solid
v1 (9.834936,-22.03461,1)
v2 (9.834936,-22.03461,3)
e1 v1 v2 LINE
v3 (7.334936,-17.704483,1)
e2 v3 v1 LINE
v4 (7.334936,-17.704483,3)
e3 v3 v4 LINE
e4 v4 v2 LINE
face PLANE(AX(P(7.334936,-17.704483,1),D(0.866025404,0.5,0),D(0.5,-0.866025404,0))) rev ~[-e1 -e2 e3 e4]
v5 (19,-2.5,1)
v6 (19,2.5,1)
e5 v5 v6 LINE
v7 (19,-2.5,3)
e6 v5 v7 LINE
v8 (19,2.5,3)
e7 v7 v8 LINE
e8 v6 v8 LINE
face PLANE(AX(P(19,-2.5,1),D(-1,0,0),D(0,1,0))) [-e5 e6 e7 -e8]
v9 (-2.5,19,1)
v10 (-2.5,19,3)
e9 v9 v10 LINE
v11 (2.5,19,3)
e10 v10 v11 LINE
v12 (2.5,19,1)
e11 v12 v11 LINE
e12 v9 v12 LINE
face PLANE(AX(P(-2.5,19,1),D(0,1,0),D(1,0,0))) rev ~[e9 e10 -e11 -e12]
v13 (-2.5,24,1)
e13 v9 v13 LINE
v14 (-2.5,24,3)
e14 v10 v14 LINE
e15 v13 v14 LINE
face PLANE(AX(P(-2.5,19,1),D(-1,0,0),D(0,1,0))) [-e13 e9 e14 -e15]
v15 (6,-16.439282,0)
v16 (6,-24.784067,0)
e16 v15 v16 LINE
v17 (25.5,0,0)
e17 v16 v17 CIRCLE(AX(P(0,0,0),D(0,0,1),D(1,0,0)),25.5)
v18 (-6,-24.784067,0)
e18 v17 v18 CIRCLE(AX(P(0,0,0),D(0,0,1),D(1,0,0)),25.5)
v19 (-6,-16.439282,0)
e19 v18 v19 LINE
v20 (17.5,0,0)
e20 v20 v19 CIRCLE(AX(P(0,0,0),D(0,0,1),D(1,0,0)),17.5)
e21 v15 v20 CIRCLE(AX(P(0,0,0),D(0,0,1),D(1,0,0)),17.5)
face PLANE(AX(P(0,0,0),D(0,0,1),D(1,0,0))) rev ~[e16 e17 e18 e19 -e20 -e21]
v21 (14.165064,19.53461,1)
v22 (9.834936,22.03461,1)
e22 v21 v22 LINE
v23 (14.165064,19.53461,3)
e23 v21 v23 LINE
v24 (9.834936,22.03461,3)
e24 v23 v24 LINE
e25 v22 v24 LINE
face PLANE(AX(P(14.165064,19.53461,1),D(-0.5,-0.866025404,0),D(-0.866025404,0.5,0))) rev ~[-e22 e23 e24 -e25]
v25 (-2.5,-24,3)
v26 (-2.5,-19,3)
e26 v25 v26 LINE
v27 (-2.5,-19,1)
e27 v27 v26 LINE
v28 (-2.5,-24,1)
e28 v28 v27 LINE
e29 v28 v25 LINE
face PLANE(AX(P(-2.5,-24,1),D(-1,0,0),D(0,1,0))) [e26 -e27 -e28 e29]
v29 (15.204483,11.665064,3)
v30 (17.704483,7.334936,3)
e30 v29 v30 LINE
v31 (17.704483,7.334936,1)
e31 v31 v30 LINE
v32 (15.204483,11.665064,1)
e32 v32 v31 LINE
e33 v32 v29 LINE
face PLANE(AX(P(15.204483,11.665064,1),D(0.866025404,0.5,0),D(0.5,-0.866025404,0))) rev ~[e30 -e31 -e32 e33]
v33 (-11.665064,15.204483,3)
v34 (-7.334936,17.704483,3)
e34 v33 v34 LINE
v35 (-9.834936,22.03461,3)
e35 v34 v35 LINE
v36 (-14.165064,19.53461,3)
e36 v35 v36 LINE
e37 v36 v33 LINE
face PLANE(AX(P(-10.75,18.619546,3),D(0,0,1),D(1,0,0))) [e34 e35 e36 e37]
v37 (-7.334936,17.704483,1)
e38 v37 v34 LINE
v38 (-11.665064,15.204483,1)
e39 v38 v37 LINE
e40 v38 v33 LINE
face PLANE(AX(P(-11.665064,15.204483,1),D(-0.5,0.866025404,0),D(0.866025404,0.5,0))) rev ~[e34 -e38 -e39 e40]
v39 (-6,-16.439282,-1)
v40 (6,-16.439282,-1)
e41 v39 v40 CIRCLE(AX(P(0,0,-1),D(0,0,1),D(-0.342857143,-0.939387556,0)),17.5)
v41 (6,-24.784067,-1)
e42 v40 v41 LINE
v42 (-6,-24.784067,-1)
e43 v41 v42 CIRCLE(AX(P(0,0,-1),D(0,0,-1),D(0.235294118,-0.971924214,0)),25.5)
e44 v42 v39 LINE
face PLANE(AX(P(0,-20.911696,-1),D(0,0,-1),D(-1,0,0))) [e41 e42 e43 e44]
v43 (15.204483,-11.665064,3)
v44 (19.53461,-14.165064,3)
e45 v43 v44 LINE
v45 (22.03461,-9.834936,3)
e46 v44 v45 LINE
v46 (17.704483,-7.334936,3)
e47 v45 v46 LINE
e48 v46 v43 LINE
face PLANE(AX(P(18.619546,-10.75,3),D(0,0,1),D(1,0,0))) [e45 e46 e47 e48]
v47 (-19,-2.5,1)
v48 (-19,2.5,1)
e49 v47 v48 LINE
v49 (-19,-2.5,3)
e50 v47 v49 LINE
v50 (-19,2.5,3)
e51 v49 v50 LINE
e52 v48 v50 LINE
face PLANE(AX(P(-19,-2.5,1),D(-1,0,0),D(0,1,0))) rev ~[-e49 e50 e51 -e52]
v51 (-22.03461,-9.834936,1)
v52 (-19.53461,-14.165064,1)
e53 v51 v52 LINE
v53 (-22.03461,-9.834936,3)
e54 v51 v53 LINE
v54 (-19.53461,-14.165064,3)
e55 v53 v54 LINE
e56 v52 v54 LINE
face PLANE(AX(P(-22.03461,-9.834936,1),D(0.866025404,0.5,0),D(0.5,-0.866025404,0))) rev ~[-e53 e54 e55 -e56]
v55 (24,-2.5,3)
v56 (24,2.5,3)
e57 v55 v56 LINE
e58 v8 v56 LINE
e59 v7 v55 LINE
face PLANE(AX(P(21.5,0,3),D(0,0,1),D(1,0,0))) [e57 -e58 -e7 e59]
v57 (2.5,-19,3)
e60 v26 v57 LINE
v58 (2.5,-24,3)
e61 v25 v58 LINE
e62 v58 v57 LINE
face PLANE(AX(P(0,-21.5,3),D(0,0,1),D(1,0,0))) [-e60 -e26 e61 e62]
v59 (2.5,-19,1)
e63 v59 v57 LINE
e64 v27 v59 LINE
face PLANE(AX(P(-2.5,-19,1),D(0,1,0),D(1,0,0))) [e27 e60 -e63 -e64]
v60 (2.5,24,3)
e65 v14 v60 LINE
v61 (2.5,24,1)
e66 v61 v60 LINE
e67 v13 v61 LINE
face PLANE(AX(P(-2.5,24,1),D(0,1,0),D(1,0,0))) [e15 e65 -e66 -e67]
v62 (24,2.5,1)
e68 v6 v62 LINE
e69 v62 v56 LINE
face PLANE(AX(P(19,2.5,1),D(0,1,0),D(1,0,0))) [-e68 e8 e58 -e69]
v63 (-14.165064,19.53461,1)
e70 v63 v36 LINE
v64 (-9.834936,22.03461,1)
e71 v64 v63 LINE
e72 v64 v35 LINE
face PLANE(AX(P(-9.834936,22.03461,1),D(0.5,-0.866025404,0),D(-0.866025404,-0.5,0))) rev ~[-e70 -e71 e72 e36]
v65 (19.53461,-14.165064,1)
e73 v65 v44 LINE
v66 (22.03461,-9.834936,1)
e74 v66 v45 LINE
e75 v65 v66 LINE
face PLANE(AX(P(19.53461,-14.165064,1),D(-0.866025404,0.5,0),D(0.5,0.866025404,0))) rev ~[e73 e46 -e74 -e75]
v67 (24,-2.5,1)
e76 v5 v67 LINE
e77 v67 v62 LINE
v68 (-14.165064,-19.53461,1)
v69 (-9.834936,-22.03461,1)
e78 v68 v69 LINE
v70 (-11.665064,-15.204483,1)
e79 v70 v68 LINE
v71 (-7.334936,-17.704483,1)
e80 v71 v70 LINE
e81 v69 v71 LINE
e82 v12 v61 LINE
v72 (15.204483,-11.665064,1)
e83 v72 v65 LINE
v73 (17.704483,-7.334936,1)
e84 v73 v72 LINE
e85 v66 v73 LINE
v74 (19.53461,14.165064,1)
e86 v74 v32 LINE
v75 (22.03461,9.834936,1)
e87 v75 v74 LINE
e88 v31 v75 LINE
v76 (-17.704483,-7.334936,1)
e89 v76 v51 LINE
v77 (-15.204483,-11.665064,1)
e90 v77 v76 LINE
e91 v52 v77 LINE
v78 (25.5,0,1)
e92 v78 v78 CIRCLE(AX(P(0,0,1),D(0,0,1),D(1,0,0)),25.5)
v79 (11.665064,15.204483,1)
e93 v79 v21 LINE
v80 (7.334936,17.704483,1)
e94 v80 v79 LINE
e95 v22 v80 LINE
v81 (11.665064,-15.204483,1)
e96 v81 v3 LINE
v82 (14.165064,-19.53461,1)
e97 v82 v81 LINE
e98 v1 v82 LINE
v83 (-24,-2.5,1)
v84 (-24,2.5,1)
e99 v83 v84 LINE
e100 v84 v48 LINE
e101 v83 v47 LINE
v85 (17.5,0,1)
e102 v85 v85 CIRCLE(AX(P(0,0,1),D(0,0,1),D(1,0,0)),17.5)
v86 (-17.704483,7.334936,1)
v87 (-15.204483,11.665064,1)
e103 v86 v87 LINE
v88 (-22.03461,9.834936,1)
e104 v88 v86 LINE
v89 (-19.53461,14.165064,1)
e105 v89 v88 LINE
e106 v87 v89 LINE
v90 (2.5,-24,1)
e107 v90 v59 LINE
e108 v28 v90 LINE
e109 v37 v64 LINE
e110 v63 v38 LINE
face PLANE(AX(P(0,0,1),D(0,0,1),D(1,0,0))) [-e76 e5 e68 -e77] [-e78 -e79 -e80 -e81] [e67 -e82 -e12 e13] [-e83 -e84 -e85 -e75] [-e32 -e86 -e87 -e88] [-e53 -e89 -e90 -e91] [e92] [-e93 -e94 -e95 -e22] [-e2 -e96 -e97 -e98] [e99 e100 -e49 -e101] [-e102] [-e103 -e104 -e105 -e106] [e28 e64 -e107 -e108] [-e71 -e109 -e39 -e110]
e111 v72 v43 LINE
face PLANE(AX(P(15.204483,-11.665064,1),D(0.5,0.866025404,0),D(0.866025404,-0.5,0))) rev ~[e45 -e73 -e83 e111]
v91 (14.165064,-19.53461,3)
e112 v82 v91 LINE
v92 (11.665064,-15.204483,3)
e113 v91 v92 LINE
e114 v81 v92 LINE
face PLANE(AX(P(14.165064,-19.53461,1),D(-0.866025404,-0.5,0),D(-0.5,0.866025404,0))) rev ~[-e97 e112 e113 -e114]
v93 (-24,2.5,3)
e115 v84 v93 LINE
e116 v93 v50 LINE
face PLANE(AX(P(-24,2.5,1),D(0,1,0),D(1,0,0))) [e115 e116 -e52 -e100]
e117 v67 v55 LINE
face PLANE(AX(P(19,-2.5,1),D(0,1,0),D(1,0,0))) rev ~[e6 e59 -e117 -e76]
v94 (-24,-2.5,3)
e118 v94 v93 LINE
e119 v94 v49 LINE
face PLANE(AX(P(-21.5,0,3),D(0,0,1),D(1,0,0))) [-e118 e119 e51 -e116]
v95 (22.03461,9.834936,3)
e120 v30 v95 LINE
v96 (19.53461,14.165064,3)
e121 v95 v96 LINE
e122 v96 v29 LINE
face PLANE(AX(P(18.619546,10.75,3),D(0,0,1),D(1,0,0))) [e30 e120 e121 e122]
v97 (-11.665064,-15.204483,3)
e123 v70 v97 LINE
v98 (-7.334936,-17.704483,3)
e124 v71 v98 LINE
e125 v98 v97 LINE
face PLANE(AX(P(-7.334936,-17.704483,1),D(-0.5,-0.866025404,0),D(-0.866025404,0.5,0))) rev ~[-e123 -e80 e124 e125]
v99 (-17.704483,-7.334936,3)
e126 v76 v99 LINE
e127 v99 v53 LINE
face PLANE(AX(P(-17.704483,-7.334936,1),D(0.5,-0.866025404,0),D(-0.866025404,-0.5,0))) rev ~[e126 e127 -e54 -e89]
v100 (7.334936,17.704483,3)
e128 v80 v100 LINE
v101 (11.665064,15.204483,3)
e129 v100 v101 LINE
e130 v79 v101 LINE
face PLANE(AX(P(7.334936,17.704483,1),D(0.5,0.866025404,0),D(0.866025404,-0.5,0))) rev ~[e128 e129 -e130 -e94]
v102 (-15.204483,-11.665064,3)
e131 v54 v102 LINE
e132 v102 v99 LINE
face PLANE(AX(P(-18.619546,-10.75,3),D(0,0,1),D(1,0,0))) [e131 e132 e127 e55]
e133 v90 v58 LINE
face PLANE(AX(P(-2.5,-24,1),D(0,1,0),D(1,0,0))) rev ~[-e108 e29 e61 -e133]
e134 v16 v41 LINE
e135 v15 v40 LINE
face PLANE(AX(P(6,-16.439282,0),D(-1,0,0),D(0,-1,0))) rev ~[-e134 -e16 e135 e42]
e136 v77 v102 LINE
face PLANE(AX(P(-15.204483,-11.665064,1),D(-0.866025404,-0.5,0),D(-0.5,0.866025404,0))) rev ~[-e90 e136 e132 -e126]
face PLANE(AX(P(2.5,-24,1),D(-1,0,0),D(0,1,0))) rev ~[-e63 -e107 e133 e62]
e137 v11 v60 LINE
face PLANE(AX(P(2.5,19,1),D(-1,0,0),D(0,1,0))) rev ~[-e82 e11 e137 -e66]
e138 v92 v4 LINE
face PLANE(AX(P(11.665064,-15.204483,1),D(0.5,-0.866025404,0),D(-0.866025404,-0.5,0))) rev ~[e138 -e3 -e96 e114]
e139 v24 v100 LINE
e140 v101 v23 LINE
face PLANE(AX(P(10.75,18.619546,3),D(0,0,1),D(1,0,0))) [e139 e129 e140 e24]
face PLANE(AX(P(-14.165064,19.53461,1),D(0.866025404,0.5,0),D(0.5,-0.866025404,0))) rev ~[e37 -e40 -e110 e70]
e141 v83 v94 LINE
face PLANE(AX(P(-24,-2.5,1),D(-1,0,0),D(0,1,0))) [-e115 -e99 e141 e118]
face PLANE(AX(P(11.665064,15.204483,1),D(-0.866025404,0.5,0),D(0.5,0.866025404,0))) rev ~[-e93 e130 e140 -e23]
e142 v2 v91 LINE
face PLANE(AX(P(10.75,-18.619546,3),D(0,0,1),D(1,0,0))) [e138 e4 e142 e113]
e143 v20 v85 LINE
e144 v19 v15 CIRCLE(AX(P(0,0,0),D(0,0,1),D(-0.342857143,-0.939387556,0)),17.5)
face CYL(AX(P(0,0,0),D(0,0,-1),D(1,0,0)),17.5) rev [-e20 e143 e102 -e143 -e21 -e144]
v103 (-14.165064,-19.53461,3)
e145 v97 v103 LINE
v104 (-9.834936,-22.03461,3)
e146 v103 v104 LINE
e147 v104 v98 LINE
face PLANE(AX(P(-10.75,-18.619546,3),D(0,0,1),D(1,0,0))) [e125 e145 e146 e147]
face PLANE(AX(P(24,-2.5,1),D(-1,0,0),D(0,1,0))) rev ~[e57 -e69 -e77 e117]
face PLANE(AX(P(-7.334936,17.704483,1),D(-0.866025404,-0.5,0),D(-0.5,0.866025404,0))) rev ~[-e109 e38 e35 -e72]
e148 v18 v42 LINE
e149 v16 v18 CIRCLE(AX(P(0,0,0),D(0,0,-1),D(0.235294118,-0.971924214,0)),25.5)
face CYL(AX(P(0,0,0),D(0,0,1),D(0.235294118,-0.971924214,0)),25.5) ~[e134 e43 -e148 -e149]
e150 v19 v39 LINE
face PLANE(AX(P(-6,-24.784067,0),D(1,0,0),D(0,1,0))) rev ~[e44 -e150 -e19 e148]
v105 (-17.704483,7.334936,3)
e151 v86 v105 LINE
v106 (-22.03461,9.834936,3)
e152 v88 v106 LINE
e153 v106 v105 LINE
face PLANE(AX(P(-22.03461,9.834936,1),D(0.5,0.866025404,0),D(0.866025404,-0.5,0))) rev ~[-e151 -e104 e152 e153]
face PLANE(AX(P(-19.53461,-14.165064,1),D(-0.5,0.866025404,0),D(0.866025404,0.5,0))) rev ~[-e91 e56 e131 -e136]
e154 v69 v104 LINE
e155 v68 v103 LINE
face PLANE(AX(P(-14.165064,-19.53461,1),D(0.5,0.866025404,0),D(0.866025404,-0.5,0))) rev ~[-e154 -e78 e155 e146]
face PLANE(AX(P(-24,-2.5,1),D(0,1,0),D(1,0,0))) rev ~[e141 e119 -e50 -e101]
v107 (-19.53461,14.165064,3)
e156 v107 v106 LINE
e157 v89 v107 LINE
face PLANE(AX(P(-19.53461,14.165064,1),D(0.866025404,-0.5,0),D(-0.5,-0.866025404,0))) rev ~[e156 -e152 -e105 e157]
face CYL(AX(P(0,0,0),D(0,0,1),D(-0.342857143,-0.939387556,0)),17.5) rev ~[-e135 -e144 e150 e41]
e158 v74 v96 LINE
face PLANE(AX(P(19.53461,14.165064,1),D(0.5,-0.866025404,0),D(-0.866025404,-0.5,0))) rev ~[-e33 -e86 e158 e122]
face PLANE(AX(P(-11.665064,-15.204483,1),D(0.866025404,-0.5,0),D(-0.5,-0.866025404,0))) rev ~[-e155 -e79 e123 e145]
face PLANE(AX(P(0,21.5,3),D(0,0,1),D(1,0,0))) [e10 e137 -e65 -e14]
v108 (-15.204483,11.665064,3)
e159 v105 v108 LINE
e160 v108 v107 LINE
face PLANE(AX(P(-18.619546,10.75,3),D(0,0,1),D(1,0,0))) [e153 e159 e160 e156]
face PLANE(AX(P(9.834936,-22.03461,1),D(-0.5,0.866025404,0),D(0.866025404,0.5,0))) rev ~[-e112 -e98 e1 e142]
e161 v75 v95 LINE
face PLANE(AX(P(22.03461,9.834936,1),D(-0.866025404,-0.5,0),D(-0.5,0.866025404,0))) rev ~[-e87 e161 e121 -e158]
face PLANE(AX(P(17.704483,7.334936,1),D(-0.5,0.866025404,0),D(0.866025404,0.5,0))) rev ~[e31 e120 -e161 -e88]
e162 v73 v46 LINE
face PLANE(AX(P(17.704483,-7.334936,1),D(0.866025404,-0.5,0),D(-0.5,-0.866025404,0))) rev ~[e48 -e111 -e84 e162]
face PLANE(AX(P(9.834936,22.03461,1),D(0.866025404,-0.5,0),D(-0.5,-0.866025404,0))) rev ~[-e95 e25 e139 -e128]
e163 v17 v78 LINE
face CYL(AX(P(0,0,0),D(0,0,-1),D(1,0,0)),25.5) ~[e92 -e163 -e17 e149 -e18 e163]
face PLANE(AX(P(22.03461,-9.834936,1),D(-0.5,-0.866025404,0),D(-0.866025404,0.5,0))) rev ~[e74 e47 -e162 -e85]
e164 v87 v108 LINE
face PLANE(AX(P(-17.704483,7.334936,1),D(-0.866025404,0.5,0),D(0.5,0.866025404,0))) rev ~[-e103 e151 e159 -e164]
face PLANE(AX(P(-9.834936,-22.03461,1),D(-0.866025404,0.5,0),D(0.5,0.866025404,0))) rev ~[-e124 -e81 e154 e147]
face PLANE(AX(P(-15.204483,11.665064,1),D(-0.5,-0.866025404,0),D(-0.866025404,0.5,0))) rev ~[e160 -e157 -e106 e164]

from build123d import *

# Parameters (mm, degrees)
SKIZZE1_R                       = 25.5
SKIZZE1_R_2                     = 17.5
AUFSATZ_LINEAR_AUSTRAGEN1_DEPTH = 1
AUFSATZ_LINEAR_AUSTRAGEN2_DEPTH = 1
SKIZZE3_W                       = 5
SKIZZE3_H                       = 5
AUFSATZ_LINEAR_AUSTRAGEN3_DEPTH = 2


with BuildPart() as part:
    # Skizze1 → Aufsatz-Linear austragen1 (new body)
    with BuildSketch(Plane.XY):
        Circle(SKIZZE1_R)
        Circle(SKIZZE1_R_2, mode=Mode.SUBTRACT)
    extrude(amount=AUFSATZ_LINEAR_AUSTRAGEN1_DEPTH)

    # Skizze2 → Aufsatz-Linear austragen2 (add)
    with BuildSketch(Plane(origin=(0, 0, 0), x_dir=(-1, 0, 0), z_dir=(0, 0, -1))):
        with BuildLine():
            Line((-6, -16.439282223), (-6, -24.784067463))
            ThreePointArc((-6, -24.784067463), (0, -25.5), (6, -24.784067463))
            Line((6, -24.784067463), (6, -16.439282223))
            ThreePointArc((6, -16.439282223), (0, -17.5), (-6, -16.439282223))
        make_face()
    extrude(amount=AUFSATZ_LINEAR_AUSTRAGEN2_DEPTH)

    # Skizze3 → Aufsatz-Linear austragen3 (add)
    with BuildSketch(Plane.XY.offset(1)):
        Polygon((-11.665063509, -15.204482672), (-14.165063509, -19.534609691), (-9.834936491, -22.034609691), (-7.334936491, -17.704482672), align=None)
        with Locations((0, -21.5)):
            Rectangle(SKIZZE3_W, SKIZZE3_H)
        Polygon((-17.704482672, -7.334936491), (-22.034609691, -9.834936491), (-19.534609691, -14.165063509), (-15.204482672, -11.665063509), align=None)
        with Locations((-21.5, 0)):
            Rectangle(SKIZZE3_W, SKIZZE3_H)
        Polygon((-15.204482672, 11.665063509), (-19.534609691, 14.165063509), (-22.034609691, 9.834936491), (-17.704482672, 7.334936491), align=None)
        Polygon((-7.334936491, 17.704482672), (-9.834936491, 22.034609691), (-14.165063509, 19.534609691), (-11.665063509, 15.204482672), align=None)
        with Locations((0, 21.5)):
            Rectangle(SKIZZE3_W, SKIZZE3_H)
        Polygon((11.665063509, 15.204482672), (14.165063509, 19.534609691), (9.834936491, 22.034609691), (7.334936491, 17.704482672), align=None)
        Polygon((17.704482672, 7.334936491), (22.034609691, 9.834936491), (19.534609691, 14.165063509), (15.204482672, 11.665063509), align=None)
        with Locations((21.5, 0)):
            Rectangle(SKIZZE3_W, SKIZZE3_H)
        Polygon((15.204482672, -11.665063509), (19.534609691, -14.165063509), (22.034609691, -9.834936491), (17.704482672, -7.334936491), align=None)
        Polygon((7.334936491, -17.704482672), (9.834936491, -22.034609691), (14.165063509, -19.534609691), (11.665063509, -15.204482672), align=None)
    extrude(amount=AUFSATZ_LINEAR_AUSTRAGEN3_DEPTH)


solid = part.part
